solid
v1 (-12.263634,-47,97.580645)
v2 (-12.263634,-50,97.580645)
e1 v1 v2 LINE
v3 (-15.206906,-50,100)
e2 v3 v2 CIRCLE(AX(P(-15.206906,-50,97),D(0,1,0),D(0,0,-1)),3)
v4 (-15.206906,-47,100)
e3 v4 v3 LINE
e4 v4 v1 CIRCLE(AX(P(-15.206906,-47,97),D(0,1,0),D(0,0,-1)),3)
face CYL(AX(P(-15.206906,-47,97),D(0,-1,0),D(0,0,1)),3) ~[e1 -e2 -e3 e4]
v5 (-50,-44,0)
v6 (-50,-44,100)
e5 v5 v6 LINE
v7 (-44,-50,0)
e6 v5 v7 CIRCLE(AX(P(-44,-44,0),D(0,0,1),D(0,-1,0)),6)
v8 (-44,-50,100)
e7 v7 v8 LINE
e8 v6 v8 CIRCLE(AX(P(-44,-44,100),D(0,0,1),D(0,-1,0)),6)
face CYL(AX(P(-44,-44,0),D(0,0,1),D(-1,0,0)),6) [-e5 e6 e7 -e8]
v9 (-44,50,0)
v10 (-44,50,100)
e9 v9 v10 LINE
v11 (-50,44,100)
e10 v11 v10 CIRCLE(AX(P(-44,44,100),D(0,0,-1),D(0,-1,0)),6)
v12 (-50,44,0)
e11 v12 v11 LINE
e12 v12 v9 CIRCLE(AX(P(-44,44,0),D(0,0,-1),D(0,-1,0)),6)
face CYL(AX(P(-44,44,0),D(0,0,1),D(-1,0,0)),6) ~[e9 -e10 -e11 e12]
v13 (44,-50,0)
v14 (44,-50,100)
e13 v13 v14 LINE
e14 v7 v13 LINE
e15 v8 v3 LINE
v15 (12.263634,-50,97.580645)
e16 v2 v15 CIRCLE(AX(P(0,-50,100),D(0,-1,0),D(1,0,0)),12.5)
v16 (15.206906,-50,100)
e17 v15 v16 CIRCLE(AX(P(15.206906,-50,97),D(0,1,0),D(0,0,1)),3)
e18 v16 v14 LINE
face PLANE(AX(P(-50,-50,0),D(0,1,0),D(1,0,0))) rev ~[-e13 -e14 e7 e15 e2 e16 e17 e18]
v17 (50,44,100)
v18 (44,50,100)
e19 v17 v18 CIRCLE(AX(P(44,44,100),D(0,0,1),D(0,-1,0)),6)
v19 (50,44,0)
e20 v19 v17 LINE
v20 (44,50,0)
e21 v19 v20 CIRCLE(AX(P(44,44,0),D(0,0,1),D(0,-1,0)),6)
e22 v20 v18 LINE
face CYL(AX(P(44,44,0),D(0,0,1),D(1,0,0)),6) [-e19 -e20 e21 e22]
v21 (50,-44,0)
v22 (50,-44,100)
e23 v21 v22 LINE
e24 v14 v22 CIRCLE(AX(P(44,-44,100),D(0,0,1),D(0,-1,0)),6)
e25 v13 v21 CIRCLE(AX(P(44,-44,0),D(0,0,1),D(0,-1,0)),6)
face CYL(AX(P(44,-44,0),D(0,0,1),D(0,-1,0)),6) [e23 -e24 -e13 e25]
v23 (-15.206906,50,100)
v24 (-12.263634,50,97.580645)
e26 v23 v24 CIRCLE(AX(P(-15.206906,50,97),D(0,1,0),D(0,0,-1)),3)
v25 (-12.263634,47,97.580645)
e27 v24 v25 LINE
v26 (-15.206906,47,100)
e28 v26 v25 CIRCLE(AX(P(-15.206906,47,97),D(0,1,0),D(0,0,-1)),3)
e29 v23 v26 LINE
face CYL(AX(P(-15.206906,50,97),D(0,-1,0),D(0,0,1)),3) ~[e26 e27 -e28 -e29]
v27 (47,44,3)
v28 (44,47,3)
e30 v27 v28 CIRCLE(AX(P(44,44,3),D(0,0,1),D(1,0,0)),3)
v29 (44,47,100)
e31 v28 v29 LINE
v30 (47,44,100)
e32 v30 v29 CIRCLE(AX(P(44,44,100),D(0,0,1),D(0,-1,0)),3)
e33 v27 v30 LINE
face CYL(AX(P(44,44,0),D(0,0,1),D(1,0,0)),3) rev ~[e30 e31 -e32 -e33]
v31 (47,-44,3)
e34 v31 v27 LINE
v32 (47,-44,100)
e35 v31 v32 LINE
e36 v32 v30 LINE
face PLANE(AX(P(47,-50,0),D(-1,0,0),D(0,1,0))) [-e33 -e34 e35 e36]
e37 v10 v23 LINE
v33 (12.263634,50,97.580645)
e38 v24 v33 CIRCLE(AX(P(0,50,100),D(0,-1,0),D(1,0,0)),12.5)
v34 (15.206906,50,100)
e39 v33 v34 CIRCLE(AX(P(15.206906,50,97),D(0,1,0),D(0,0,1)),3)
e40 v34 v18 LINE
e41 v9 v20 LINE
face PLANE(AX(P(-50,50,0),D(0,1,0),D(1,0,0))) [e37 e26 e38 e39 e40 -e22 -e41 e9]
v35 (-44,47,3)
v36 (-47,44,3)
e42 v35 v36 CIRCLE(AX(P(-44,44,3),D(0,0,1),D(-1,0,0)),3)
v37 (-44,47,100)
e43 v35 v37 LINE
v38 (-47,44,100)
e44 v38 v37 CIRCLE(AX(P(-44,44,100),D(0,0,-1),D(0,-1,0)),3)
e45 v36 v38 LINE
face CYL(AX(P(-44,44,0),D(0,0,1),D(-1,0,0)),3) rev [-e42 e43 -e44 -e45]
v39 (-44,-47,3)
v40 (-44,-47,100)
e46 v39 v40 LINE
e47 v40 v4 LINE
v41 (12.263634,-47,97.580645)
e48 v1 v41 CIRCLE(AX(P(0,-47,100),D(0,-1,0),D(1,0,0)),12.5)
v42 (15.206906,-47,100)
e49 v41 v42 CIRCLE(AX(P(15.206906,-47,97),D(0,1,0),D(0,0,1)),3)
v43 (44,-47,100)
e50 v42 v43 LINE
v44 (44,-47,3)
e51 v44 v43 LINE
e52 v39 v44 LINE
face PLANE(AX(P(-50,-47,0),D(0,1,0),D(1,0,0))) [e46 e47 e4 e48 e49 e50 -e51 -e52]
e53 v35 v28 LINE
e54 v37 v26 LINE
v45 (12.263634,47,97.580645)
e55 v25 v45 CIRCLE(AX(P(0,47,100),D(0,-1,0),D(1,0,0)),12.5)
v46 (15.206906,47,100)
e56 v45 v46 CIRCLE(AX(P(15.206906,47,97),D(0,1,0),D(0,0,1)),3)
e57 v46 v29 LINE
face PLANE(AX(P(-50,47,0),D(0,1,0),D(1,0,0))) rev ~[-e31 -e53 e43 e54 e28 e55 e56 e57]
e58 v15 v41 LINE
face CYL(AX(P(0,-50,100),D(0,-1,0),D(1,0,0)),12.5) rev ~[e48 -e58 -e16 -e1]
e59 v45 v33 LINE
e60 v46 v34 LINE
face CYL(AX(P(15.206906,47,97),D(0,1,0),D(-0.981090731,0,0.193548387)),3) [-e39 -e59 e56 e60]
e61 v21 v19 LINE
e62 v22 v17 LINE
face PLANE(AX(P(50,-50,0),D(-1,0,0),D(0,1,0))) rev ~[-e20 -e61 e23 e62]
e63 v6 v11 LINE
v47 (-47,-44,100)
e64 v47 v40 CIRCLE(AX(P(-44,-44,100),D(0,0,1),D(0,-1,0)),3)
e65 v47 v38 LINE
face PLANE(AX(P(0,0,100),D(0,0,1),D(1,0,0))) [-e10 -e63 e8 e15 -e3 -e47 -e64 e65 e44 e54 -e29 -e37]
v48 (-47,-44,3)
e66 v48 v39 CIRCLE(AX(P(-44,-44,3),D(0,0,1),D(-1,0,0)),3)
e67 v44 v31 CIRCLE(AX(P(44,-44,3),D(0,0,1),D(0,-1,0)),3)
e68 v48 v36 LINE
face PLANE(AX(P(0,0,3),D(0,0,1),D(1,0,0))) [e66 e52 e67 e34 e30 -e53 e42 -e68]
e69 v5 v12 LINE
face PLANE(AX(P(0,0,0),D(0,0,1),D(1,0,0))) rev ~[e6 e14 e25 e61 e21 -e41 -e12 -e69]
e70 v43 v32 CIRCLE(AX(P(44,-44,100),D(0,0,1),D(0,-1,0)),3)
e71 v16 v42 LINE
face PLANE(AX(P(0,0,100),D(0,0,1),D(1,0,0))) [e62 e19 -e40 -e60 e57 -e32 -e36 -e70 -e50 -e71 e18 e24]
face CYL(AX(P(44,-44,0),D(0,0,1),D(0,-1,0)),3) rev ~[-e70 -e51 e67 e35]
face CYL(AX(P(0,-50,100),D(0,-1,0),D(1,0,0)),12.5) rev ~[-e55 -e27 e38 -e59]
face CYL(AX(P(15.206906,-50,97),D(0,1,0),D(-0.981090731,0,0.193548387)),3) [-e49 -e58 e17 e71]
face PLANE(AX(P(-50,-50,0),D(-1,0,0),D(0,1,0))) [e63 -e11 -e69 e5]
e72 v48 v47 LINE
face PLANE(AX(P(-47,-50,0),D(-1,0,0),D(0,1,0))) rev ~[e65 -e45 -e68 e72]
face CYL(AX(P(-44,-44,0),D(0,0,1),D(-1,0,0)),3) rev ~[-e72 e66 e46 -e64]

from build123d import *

# Parameters (mm, degrees)
F0_W     = 100
F0_H     = 100
F1_DEPTH = 100
F2_R     = 6
F3_T     = -3
F4_R     = 12.5
F5_DEPTH = 100.001
F6_R     = 3


with BuildPart() as f1:
    # F0 (on Top) → F1 (new body)
    with BuildSketch(Plane.XY):
        Rectangle(F0_W, F0_H)
    extrude(amount=F1_DEPTH)

    # F2
    f2_edges = [f1.edges().sort_by_distance(p)[0] for p in [
        (50, -50, 50),
        (-50, -50, 50),
        (50, 50, 50),
        (-50, 50, 50),
    ]]
    fillet(f2_edges, radius=F2_R)

    # F3
    f3_openings = [f1.faces().sort_by_distance(p)[0] for p in [
        (0, 0, 100),
    ]]
    offset(amount=F3_T, openings=f3_openings)

    # F4 (on face) → F5 (cut, through all)
    with BuildSketch(Plane.XZ.offset(50)):
        with Locations((0, 100)):
            Circle(F4_R)
    extrude(amount=-F5_DEPTH, mode=Mode.SUBTRACT)

    # F6
    f6_edges = [f1.edges().sort_by_distance(p)[0] for p in [
        (-12.5, 48.5, 100),
        (-12.5, -48.5, 100),
        (12.5, -48.5, 100),
        (12.5, 48.5, 100),
    ]]
    fillet(f6_edges, radius=F6_R)


solid = f1.part
